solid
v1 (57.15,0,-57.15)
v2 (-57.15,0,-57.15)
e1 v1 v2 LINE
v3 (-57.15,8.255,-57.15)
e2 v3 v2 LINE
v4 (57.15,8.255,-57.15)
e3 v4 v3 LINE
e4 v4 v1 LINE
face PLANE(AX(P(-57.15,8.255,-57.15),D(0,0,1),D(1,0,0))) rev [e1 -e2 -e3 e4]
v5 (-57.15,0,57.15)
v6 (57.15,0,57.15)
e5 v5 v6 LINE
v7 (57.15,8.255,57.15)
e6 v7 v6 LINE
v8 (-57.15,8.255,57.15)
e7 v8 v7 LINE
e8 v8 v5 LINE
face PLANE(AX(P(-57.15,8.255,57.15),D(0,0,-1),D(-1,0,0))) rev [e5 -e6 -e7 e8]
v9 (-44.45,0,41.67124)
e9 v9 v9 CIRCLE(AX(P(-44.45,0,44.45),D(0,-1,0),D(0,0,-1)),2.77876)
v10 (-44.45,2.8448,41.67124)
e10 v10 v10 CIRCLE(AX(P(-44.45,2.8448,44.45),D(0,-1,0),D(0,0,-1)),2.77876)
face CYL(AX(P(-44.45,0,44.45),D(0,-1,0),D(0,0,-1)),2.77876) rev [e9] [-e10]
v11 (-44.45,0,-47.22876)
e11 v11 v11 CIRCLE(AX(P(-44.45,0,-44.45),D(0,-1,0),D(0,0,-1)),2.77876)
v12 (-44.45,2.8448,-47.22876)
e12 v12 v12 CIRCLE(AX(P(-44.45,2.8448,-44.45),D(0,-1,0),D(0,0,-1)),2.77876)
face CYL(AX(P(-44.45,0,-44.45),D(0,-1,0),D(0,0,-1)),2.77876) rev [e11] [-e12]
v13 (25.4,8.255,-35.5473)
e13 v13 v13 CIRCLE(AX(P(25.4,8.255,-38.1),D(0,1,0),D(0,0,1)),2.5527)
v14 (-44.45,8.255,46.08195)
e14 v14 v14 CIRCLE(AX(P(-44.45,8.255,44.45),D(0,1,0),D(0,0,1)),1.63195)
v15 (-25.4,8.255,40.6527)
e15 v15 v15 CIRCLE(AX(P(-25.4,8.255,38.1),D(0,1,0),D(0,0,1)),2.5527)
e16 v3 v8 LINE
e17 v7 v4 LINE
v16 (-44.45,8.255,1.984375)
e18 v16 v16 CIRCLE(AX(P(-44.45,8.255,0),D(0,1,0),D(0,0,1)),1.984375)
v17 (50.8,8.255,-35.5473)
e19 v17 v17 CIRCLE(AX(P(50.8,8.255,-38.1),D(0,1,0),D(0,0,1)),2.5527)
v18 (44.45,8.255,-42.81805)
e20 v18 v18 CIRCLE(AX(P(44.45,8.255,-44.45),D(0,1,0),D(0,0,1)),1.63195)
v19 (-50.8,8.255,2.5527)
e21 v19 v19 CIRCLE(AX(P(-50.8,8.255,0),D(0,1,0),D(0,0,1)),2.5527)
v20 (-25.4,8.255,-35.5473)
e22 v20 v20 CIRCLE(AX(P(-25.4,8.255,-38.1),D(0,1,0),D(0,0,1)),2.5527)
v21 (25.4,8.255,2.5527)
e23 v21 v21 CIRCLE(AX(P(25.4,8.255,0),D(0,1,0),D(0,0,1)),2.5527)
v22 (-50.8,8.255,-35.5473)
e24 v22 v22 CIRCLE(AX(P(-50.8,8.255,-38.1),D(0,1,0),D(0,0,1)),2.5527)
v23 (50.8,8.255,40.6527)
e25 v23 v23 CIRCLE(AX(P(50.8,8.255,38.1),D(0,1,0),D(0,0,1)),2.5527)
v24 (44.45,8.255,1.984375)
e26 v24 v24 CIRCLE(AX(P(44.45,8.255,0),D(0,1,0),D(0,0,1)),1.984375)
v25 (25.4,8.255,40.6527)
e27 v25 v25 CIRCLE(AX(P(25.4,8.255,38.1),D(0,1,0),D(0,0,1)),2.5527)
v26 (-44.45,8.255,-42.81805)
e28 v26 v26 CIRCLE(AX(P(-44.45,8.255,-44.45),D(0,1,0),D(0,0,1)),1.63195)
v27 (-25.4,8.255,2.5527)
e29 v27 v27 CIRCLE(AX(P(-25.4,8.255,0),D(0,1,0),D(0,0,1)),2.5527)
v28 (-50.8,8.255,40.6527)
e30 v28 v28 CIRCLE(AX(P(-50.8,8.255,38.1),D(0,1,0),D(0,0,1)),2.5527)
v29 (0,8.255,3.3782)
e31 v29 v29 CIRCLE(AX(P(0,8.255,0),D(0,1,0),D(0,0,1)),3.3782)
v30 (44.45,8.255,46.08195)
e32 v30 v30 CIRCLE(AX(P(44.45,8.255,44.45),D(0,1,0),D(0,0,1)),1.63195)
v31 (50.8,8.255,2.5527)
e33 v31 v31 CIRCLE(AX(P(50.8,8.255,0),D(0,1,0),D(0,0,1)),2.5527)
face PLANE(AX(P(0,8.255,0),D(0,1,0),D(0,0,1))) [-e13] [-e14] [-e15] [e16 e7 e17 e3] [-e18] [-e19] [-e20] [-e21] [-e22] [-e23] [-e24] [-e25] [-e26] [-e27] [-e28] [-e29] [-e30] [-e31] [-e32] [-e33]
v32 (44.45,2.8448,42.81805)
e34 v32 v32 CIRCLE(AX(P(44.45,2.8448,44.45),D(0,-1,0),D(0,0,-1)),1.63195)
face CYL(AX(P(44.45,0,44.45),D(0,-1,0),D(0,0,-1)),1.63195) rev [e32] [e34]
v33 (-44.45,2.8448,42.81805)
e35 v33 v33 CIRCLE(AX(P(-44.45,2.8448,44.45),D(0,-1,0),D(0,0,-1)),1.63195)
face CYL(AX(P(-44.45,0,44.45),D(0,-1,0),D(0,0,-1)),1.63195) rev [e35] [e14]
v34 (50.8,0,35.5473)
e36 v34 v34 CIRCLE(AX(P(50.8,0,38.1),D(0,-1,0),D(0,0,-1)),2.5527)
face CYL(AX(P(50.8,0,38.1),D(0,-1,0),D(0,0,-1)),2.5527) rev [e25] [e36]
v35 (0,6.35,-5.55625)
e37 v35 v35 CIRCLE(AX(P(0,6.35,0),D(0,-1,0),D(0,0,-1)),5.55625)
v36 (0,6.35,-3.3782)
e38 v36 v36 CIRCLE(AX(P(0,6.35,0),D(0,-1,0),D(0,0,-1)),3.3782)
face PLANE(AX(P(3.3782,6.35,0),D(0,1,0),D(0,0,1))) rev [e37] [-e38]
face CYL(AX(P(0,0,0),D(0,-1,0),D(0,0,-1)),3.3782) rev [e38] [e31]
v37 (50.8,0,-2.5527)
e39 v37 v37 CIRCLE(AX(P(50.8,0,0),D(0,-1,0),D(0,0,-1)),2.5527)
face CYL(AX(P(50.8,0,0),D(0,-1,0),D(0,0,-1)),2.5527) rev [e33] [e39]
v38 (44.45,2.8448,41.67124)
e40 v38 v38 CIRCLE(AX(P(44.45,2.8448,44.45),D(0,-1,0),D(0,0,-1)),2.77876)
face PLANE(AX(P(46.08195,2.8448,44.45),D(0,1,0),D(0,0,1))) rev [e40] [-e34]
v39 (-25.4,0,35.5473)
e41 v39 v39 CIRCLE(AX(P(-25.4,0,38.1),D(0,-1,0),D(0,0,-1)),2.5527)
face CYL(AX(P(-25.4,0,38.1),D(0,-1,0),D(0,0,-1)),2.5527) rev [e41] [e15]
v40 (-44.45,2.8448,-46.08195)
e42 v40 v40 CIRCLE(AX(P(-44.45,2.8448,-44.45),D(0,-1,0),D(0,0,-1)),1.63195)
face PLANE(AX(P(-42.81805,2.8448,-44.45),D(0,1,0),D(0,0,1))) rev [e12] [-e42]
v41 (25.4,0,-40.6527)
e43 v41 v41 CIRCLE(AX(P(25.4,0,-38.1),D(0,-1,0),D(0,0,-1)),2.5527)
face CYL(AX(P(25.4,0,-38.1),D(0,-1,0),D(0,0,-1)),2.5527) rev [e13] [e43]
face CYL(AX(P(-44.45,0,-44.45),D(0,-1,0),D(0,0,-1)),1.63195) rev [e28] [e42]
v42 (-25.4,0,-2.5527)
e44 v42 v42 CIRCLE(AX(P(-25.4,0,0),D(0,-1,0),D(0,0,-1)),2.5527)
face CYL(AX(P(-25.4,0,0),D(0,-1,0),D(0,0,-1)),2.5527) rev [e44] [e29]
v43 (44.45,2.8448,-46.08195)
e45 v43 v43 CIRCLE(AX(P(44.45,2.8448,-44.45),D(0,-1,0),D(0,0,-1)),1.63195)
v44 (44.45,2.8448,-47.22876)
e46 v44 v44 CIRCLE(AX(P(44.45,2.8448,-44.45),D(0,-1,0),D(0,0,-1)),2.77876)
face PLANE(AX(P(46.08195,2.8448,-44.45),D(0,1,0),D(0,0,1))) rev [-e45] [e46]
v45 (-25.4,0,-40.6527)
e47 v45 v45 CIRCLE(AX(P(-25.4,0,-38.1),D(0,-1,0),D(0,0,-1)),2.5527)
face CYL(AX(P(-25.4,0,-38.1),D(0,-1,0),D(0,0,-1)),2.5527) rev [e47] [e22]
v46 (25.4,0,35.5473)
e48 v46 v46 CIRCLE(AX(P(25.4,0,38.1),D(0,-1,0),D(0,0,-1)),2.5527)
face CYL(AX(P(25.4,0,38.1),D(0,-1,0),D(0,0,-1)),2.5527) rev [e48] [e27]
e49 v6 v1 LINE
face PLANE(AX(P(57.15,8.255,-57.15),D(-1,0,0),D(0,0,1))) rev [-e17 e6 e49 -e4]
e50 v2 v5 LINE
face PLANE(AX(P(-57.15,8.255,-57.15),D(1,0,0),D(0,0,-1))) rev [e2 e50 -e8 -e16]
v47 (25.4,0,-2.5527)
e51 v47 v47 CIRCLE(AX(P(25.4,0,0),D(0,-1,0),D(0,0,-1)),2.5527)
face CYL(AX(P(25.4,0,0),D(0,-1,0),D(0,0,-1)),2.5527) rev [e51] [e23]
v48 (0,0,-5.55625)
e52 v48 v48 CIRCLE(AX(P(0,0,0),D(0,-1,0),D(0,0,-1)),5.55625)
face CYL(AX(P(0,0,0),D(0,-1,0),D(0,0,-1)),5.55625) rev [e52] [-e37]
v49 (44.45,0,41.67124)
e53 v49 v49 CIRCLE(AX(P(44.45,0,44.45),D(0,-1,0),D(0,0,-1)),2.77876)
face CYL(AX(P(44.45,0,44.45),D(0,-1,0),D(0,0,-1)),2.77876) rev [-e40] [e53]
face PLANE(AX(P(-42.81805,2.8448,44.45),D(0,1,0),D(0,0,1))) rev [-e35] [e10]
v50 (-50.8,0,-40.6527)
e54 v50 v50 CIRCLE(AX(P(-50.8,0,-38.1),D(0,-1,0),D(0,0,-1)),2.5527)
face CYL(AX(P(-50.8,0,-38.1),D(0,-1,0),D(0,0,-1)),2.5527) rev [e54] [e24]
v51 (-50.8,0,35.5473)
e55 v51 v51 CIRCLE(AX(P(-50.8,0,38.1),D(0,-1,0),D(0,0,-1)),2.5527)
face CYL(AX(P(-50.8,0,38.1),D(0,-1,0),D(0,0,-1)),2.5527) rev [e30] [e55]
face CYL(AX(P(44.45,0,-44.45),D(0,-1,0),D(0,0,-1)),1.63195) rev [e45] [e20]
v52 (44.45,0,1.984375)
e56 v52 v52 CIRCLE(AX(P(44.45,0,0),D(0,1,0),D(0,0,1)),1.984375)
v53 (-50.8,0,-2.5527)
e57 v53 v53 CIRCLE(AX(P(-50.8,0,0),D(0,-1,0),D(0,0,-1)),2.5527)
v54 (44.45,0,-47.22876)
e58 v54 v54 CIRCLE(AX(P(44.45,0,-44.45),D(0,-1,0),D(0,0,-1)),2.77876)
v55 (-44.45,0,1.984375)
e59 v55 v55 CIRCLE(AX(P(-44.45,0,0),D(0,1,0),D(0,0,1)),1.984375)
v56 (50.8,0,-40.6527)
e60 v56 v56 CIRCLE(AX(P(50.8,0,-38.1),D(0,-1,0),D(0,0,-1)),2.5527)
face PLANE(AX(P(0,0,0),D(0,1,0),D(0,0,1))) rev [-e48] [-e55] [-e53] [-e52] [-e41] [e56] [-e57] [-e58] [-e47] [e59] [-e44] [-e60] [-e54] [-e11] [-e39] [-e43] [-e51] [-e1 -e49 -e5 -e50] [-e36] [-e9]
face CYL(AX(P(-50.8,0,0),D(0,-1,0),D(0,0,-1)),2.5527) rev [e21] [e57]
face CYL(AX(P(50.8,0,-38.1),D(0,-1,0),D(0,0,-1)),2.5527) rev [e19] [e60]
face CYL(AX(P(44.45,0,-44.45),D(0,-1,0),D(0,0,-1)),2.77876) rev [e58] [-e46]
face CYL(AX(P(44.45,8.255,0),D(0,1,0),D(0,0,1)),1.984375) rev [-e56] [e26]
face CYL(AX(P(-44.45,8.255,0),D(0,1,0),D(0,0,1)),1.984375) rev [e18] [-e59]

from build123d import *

# Parameters (mm, degrees)
SKETCH1_W                                        = 114.3
SKETCH1_H                                        = 114.3
STOCK_DEPTH                                      = 8.255
CBORE_FOR_1_4_SOCKET_HEAD_CAP_SCREW1_D           = 6.7564
CBORE_FOR_1_4_SOCKET_HEAD_CAP_SCREW1_CBORE_D     = 11.1125
CBORE_FOR_1_4_SOCKET_HEAD_CAP_SCREW1_CBORE_DEPTH = 6.35
F_5_32_0_15625_DIAMETER_HOLE1_D                  = 3.96875
CBORE_FOR_4_SOCKET_HEAD_CAP_SCREW1_D             = 3.2639
CBORE_FOR_4_SOCKET_HEAD_CAP_SCREW1_DEPTH         = 8.255
CBORE_FOR_4_SOCKET_HEAD_CAP_SCREW1_CBORE_D       = 5.55752
CBORE_FOR_4_SOCKET_HEAD_CAP_SCREW1_CBORE_DEPTH   = 2.8448
F_1_4_20_TAPPED_HOLE1_D                          = 5.1054


with BuildPart() as part:
    # Sketch1 → stock (new body)
    with BuildSketch(Plane(origin=(0, 0, 0), x_dir=(1, 0, 0), z_dir=(0, 1, 0))):
        Rectangle(SKETCH1_W, SKETCH1_H)
    extrude(amount=STOCK_DEPTH)

    # CBORE for 1/4 Socket Head Cap Screw1 (through all)
    with Locations(Plane(origin=(0, 0, 0), x_dir=(-1, 0, 0), z_dir=(0, -1, 0))):
        with Locations((0, 0)):
            CounterBoreHole(CBORE_FOR_1_4_SOCKET_HEAD_CAP_SCREW1_D / 2, CBORE_FOR_1_4_SOCKET_HEAD_CAP_SCREW1_CBORE_D / 2, CBORE_FOR_1_4_SOCKET_HEAD_CAP_SCREW1_CBORE_DEPTH)

    # 5/32 (0.15625) Diameter Hole1 (through all)
    with Locations(Plane(origin=(0, 8.255, 0), x_dir=(1, 0, 0), z_dir=(0, 1, 0))):
        with Locations((44.45, 0), (-44.45, 0)):
            Hole(F_5_32_0_15625_DIAMETER_HOLE1_D / 2)

    # CBORE for #4 Socket Head Cap Screw1
    with Locations(Plane(origin=(0, 0, 0), x_dir=(-1, 0, 0), z_dir=(0, -1, 0))):
        with Locations((44.45, -44.45), (44.45, 44.45), (-44.45, 44.45), (-44.45, -44.45), (0, 0)):
            CounterBoreHole(CBORE_FOR_4_SOCKET_HEAD_CAP_SCREW1_D / 2, CBORE_FOR_4_SOCKET_HEAD_CAP_SCREW1_CBORE_D / 2, CBORE_FOR_4_SOCKET_HEAD_CAP_SCREW1_CBORE_DEPTH, depth=CBORE_FOR_4_SOCKET_HEAD_CAP_SCREW1_DEPTH)

    # 1/4-20 Tapped Hole1 (through all)
    with Locations(Plane(origin=(0, 0, 0), x_dir=(-1, 0, 0), z_dir=(0, -1, 0))):
        with Locations((50.8, -38.1), (25.4, -38.1), (25.4, 0), (50.8, 0), (50.8, 38.1), (25.4, 38.1), (-25.4, 38.1), (-50.8, 38.1), (-50.8, 0), (-25.4, 0), (-25.4, -38.1), (-50.8, -38.1)):
            Hole(F_1_4_20_TAPPED_HOLE1_D / 2)


solid = part.part
